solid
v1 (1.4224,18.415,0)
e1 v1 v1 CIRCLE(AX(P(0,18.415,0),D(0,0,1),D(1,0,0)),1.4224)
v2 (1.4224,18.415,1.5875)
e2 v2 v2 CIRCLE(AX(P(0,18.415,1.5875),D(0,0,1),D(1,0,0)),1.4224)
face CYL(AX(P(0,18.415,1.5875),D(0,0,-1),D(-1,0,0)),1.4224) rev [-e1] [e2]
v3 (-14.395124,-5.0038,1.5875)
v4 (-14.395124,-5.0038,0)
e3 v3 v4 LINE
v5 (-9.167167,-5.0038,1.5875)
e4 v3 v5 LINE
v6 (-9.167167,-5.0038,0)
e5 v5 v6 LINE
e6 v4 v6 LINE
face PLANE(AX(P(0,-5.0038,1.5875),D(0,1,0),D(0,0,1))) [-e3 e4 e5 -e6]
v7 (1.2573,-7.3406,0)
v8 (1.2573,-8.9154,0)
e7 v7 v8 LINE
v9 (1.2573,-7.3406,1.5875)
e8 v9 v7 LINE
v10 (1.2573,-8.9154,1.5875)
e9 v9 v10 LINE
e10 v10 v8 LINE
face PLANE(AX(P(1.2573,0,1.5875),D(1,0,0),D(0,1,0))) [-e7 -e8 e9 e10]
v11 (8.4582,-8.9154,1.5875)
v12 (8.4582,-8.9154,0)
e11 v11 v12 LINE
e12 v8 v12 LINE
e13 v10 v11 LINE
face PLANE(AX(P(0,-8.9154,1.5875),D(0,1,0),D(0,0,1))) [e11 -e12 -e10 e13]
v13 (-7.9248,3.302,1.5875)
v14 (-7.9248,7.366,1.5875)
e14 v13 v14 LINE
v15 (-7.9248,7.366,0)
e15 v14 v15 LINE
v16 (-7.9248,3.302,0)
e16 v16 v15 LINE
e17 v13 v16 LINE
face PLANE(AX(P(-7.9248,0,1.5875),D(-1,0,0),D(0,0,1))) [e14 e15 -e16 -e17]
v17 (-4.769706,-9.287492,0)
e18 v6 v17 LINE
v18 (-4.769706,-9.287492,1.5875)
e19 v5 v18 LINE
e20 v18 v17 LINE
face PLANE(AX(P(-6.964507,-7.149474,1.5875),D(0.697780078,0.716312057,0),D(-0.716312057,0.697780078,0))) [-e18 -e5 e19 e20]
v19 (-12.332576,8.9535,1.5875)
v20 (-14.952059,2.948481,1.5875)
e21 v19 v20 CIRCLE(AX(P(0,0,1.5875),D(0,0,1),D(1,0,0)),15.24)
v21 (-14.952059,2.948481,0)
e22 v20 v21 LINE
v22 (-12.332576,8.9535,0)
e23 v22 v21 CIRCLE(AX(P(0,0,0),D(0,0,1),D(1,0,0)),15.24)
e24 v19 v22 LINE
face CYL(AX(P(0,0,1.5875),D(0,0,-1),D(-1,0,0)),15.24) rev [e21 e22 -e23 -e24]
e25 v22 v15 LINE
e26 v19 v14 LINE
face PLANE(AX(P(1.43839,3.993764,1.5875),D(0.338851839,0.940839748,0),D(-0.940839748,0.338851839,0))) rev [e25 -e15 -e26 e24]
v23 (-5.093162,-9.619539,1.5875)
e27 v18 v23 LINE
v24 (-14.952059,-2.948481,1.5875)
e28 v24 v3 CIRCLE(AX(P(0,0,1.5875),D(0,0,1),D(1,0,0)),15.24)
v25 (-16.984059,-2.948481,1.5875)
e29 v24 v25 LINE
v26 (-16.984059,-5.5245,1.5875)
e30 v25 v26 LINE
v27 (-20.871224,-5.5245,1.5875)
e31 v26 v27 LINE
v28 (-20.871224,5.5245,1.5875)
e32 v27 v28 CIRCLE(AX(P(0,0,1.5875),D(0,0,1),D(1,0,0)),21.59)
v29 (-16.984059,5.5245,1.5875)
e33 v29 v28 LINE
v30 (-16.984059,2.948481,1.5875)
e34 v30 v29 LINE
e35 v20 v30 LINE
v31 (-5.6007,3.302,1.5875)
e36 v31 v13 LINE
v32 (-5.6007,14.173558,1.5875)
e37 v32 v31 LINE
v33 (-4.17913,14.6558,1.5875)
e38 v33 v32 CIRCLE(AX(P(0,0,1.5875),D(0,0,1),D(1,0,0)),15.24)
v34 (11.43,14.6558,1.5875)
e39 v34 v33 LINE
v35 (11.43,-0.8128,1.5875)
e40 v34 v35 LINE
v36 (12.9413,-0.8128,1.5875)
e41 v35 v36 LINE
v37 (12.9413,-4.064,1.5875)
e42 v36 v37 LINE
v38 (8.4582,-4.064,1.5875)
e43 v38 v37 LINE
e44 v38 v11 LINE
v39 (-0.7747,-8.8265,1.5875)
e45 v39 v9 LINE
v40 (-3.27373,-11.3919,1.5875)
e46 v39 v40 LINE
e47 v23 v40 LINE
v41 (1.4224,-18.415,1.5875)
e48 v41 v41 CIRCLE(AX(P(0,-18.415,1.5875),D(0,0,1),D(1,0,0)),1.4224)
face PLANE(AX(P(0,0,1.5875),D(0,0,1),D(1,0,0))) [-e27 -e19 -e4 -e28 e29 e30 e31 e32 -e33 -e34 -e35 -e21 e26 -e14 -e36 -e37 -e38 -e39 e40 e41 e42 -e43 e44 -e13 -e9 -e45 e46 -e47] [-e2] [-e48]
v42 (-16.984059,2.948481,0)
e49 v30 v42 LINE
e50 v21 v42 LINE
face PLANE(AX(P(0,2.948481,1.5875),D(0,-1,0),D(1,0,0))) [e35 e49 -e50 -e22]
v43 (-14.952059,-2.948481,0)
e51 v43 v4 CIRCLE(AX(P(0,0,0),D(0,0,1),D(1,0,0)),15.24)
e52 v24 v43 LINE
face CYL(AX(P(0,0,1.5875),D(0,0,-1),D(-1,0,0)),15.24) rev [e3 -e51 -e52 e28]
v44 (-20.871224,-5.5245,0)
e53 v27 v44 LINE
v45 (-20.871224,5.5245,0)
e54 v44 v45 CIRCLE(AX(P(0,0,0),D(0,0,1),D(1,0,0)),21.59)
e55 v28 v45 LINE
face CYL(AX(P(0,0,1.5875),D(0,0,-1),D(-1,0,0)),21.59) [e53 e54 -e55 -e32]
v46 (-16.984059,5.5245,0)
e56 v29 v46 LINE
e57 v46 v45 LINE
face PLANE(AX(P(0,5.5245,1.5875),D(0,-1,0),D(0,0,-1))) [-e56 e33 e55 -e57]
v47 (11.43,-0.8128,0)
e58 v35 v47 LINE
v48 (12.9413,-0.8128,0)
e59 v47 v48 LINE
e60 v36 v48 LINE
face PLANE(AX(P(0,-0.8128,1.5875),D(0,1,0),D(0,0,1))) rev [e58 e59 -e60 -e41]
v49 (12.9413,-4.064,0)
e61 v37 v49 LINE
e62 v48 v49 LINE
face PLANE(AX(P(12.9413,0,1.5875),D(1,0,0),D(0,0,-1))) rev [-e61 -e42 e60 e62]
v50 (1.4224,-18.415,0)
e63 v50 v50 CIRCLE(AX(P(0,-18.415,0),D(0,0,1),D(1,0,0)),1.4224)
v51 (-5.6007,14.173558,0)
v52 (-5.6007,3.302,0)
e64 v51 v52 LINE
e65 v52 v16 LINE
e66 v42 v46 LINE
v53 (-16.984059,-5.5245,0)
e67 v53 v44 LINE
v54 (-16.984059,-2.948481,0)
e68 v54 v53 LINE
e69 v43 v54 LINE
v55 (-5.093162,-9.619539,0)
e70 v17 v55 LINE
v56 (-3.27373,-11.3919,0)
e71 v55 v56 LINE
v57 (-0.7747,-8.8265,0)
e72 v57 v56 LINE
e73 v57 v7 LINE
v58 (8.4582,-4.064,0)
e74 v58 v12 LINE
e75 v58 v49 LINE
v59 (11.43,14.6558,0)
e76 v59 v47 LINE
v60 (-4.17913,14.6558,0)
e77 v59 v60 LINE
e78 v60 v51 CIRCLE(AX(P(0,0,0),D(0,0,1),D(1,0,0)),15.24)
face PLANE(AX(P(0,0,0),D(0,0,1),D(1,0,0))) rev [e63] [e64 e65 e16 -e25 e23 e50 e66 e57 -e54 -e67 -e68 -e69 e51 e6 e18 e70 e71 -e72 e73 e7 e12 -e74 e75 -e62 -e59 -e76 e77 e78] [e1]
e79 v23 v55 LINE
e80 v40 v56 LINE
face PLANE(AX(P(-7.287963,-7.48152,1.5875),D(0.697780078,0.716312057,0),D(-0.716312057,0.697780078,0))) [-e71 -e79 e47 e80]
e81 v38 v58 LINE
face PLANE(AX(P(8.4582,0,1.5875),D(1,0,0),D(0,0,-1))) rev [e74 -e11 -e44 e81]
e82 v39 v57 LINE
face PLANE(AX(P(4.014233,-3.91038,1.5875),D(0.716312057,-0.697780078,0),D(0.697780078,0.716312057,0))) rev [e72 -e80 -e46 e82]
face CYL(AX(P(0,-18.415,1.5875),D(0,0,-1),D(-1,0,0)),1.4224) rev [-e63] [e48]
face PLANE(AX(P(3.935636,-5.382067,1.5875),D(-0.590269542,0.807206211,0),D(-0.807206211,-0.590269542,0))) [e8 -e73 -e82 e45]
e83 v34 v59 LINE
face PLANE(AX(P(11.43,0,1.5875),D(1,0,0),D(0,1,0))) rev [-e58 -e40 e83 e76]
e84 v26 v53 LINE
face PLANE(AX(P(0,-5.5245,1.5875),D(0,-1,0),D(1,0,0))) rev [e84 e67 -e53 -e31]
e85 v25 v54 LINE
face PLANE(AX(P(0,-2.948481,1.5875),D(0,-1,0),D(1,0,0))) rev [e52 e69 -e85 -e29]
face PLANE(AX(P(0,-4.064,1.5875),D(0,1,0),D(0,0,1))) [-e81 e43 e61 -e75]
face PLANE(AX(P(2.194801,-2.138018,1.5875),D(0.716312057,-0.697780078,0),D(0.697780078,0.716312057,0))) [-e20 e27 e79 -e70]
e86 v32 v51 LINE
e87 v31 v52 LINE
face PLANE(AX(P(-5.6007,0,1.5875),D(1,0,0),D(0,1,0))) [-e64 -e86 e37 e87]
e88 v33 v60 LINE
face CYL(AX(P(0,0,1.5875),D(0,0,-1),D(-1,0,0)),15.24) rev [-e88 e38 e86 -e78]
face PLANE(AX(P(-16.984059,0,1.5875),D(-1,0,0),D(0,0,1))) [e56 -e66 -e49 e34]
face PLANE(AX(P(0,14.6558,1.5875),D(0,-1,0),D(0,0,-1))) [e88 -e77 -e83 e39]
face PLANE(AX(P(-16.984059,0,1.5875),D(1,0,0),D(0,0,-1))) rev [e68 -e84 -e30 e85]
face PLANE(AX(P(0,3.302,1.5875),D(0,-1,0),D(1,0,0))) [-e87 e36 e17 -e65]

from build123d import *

# Parameters (mm, degrees)
SKETCH1_R           = 1.4224
BOSS_EXTRUDE1_DEPTH = 1.5875


with BuildPart() as part:
    # Sketch1 → Boss-Extrude1 (new body)
    with BuildSketch(Plane.XY):
        with BuildLine():
            Line((-14.952058744, -2.948480848), (-16.984058744, -2.948480848))
            Line((-16.984058744, -2.948480848), (-16.984058744, -5.5245))
            Line((-16.984058744, -5.5245), (-20.871224203, -5.5245))
            ThreePointArc((-20.871224203, -5.5245), (21.59, 0), (-20.871224203, 5.5245))
            Line((-20.871224203, 5.5245), (-16.984058744, 5.5245))
            Line((-16.984058744, 5.5245), (-16.984058744, 2.948480848))
            Line((-16.984058744, 2.948480848), (-14.952058744, 2.948480848))
            ThreePointArc((-14.952058744, 2.948480848), (-13.968818521, 6.093415226), (-12.332576282, 8.9535))
            Line((-12.332576282, 8.9535), (-7.9248, 7.366))
            Line((-7.9248, 7.366), (-7.9248, 3.302))
            Line((-7.9248, 3.302), (-5.6007, 3.302))
            Line((-5.6007, 3.302), (-5.6007, 14.173558463))
            ThreePointArc((-5.6007, 14.173558463), (-4.895856129, 14.43219293), (-4.179129857, 14.6558))
            Line((-4.179129857, 14.6558), (4.179129857, 14.6558))
            Line((4.179129857, 14.6558), (11.43, 14.6558))
            Line((11.43, 14.6558), (11.43, -0.8128))
            Line((11.43, -0.8128), (12.9413, -0.8128))
            Line((12.9413, -0.8128), (12.9413, -4.064))
            Line((12.9413, -4.064), (8.4582, -4.064))
            Line((8.4582, -4.064), (8.4582, -8.9154))
            Line((8.4582, -8.9154), (1.2573, -8.9154))
            Line((1.2573, -8.9154), (1.2573, -7.3406))
            Line((1.2573, -7.3406), (-0.7747, -8.8265))
            Line((-0.7747, -8.8265), (-3.273729572, -11.3919))
            Line((-3.273729572, -11.3919), (-5.093162196, -9.619538602))
            Line((-5.093162196, -9.619538602), (-4.769706241, -9.287492148))
            Line((-4.769706241, -9.287492148), (-9.167166743, -5.0038))
            Line((-9.167166743, -5.0038), (-14.395123673, -5.0038))
            ThreePointArc((-14.395123673, -5.0038), (-14.709533071, -3.985879682), (-14.952058744, -2.948480848))
        make_face()
        with Locations((0, 18.415)):
            Circle(SKETCH1_R, mode=Mode.SUBTRACT)
        with Locations((0, -18.415)):
            Circle(SKETCH1_R, mode=Mode.SUBTRACT)
    extrude(amount=BOSS_EXTRUDE1_DEPTH)


solid = part.part
